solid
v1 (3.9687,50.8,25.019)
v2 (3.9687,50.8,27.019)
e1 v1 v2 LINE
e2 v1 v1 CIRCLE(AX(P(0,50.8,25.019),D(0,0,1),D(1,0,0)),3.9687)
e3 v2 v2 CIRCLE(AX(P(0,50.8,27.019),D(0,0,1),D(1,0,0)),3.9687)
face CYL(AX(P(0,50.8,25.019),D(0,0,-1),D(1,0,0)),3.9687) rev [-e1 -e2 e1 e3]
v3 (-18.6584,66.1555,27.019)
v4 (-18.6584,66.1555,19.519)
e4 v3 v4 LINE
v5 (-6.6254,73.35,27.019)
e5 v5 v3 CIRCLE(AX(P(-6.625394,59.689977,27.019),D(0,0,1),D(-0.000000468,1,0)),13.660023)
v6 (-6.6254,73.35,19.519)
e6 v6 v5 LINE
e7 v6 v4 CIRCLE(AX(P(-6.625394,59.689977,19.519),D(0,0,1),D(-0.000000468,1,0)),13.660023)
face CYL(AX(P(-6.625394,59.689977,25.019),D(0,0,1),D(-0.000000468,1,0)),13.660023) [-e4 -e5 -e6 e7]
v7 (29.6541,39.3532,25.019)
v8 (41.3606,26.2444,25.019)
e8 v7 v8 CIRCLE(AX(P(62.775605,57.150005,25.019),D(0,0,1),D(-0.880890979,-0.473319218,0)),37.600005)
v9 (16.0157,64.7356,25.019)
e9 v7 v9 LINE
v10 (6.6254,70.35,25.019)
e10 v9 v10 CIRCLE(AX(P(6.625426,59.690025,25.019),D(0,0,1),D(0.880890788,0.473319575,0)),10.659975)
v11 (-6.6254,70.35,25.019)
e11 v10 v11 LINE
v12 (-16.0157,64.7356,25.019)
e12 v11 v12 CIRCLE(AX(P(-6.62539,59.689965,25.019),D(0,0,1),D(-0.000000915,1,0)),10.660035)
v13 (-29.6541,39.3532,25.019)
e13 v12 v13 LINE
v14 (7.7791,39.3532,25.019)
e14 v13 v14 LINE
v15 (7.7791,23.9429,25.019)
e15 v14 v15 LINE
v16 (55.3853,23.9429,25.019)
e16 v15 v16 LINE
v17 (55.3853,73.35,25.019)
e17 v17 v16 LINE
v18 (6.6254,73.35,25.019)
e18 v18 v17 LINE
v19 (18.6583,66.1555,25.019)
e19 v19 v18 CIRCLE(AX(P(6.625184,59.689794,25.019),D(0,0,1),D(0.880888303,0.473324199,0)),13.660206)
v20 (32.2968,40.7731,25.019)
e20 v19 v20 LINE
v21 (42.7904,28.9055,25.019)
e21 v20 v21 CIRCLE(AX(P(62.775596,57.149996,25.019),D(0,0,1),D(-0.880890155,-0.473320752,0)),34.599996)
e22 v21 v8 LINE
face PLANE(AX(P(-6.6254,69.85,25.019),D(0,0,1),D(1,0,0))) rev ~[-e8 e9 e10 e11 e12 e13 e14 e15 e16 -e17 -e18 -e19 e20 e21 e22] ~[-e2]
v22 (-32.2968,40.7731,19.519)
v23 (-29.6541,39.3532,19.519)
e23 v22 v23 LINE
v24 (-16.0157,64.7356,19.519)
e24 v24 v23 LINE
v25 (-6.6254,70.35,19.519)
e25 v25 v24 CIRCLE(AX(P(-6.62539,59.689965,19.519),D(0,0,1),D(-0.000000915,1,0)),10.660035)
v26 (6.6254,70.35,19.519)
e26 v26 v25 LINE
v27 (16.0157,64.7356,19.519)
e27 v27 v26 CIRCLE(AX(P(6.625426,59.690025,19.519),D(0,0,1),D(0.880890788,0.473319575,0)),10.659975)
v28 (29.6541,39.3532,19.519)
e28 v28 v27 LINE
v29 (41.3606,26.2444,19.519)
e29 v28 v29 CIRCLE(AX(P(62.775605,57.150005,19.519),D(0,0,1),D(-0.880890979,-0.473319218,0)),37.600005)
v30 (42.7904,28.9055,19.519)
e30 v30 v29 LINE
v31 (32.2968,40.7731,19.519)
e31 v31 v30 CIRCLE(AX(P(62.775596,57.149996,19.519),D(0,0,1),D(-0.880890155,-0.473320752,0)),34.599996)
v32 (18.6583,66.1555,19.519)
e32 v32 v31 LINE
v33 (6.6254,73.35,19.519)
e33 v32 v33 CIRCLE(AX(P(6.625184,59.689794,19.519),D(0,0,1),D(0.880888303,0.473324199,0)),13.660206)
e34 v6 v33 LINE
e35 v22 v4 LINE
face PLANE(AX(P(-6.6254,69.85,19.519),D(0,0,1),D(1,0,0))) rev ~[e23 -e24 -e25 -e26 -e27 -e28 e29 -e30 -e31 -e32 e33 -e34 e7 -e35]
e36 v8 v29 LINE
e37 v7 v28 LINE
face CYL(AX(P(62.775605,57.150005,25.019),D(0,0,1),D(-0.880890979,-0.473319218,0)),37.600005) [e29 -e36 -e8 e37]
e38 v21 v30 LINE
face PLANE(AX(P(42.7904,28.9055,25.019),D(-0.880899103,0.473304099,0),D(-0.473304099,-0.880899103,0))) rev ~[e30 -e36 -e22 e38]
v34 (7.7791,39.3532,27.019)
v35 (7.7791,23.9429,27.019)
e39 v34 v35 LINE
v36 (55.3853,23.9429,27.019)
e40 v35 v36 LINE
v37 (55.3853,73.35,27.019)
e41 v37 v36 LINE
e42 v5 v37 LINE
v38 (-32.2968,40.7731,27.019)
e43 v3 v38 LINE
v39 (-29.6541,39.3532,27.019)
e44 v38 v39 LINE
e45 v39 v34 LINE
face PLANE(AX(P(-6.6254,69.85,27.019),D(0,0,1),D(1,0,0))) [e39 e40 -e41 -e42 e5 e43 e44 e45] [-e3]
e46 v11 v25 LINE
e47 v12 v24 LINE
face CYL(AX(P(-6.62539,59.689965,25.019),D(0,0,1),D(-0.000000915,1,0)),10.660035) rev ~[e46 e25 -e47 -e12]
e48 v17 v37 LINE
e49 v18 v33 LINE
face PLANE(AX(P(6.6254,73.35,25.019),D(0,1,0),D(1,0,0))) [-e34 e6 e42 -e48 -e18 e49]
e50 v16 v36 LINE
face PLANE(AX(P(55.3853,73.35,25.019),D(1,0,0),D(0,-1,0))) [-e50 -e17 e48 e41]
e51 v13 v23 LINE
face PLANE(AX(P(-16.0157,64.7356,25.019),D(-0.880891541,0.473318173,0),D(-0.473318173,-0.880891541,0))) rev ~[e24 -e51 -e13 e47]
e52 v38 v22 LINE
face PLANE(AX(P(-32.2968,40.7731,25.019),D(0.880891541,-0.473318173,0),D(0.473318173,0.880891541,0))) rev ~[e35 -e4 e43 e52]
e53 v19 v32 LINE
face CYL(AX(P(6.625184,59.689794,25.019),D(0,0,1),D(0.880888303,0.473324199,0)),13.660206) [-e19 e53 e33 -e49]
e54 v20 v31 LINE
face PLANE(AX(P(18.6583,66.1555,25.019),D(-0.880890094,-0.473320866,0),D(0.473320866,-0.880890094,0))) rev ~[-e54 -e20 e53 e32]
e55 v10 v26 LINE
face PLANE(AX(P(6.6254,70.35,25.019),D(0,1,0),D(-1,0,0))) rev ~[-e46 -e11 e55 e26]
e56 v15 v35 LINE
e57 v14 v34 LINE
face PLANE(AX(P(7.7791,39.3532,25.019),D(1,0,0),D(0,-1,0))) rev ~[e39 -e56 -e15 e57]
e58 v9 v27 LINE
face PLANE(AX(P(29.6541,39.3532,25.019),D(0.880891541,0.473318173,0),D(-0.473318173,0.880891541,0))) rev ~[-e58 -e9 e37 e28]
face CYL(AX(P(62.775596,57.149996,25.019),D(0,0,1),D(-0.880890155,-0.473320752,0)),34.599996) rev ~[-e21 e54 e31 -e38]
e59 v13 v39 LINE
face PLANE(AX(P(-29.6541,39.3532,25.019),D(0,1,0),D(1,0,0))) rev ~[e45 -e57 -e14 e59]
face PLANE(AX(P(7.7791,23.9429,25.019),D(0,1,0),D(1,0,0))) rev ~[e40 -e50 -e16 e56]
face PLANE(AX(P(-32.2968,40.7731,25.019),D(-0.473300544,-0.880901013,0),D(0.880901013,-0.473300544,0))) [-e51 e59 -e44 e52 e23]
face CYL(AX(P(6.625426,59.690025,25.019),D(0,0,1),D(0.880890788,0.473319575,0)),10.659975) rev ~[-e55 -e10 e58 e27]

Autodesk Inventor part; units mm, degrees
ref_plane "YZ Plane" through (0, 0, 0) normal (1, 0, 0) x (0, 1, 0)
ref_plane "XZ Plane" through (0, 0, 0) normal (0, 1, 0) x (-1, 0, 0)
ref_plane "XY Plane" through (0, 0, 0) normal (0, 0, 1) x (1, 0, 0)
ref_plane "Work Plane1" through (-116.713, 0, 25.019) normal (0, 0, 1) x (1, 0, 0)
sketch "Sketch1" plane through (-116.713, 0, 25.019) normal (0, 0, 1) x (1, 0, 0)
  circle A0 centre (116.713, 50.8) radius 4.826 projected
  circle A1 centre (116.713, 50.8) radius 91
  line L0 (-5.08, 5.08) -> (-5.08, 87.3153)
  arc A2 (233.426, 0) -> (238.506, 5.08) centre (233.426, 5.08) ccw projected
  line L1 (238.506, 5.08) -> (238.506, 73.9139)
  line L2 (53.9374, 19.05) -> (0, 19.05) projected
  line L3 (-5.08, 0) -> (26.67, 0)
  line L4 (26.67, 0) -> (26.67, 19.05)
  line L5 (26.67, 19.05) -> (-5.08, 19.05)
  line L6 (-5.08, 19.05) -> (-5.08, 0)
  line L7 (238.506, 0) -> (206.756, 0)
  line L8 (206.756, 0) -> (206.756, 19.05)
  line L9 (206.756, 19.05) -> (238.506, 19.05)
  line L10 (238.506, 19.05) -> (238.506, 0)
  circle A3 centre (116.713, 50.8) radius 3.9687 projected
  circle A4 centre (116.713, 50.8) radius 75
  circle A5 centre (116.713, 50.8) radius 57.5
  point P0 (116.713, 0)
  point P1 (233.426, 0)
  point P2 (-5.08, 19.05)
  dimension "d1" = 182
  dimension "d2" = 31.75
  dimension "d3" = 31.75
  dimension "d20" = 150
  dimension "d21" = 115
ref_plane "Work Plane6" through (-6.6254, 69.85, 25.019) normal (0, 0, 1) x (1, 0, 0)
ref_plane "Work Plane4" through (-6.6254, 69.85, 25.019) normal (0, 0, 1) x (1, 0, 0)
sketch "Sketch6" plane through (-6.6254, 69.85, 25.019) normal (0, 0, 1) x (1, 0, 0)
  line L0 (-22.5883, -30.7335) -> (-8.9499, -5.3511) projected
  arc A0 (0, 0) -> (-8.9499, -5.3511) centre (0, -10.16) ccw projected
  arc A1 (22.2006, -5.3511) -> (13.2508, 0) centre (13.2508, -10.16) ccw projected
  line L1 (0, 0) -> (13.2508, 0) projected
  line L2 (22.2006, -5.3511) -> (35.8391, -30.7335) projected
  arc A2 (35.8391, -30.7335) -> (69.401, -50.8) centre (69.401, -12.7) ccw projected
  arc A3 (-56.1502, -50.8) -> (-22.5883, -30.7335) centre (-56.1502, -12.7) ccw projected
  arc A4 (36.2795, -30.4968) -> (69.401, -50.3) centre (69.401, -12.7) ccw
  line L3 (36.2795, -30.4968) -> (22.6411, -5.1144)
  arc A5 (22.6411, -5.1144) -> (13.2508, 0.5) centre (13.2508, -10.16) ccw
  line L4 (13.2508, 0.5) -> (0, 0.5)
  arc A6 (0, 0.5) -> (-9.3903, -5.1144) centre (0, -10.16) ccw
  line L5 (-9.3903, -5.1144) -> (-23.0287, -30.4968)
  arc A7 (-56.1502, -50.3) -> (-23.0287, -30.4968) centre (-56.1502, -12.7) ccw
  arc A8 (-56.1502, -47.3) -> (-25.6714, -29.0769) centre (-56.1502, -12.7) ccw
  line L6 (-25.6714, -29.0769) -> (-12.033, -3.6945)
  arc A9 (0, 3.5) -> (-12.033, -3.6945) centre (0, -10.16) ccw
  line L7 (0, 3.5) -> (13.2508, 3.5)
  arc A10 (25.2837, -3.6945) -> (13.2508, 3.5) centre (13.2508, -10.16) ccw
  line L8 (25.2837, -3.6945) -> (38.9222, -29.0769)
  arc A11 (38.9222, -29.0769) -> (69.401, -47.3) centre (69.401, -12.7) ccw
  line L9 (-25.6714, -29.0769) -> (-23.0287, -30.4968)
  line L10 (49.4158, -40.9445) -> (47.986, -43.6056)
  point P0 (6.6254, -69.85)
  dimension "d22" = 0.5
  dimension "d23" = 3
extrude "Extrusion5" add sketch "Sketch6" against normal blind 5.5
ref_plane "Work Plane7" through (-6.6254, 69.85, 25.019) normal (0, 0, 1) x (1, 0, 0)
sketch "Sketch7" plane through (-6.6254, 69.85, 25.019) normal (0, 0, 1) x (1, 0, 0)
  line L0 (-25.6714, -29.0769) -> (-23.0287, -30.4968) projected
  line L1 (-23.0287, -30.4968) -> (14.4045, -30.4968)
  line L2 (14.4045, -30.4968) -> (14.4045, 0.4374)
  arc A0 (22.6411, -5.1144) -> (13.2508, 0.5) centre (13.2508, -10.16) ccw projected
  line L3 (14.4045, -30.4968) -> (14.4045, -45.9071)
  line L4 (14.4045, -45.9071) -> (62.0107, -45.9071)
  line L5 (13.2508, 3.5) -> (0, 3.5) projected
  line L6 (0, 3.5) -> (62.0107, 3.5)
  line L7 (62.0107, 3.5) -> (62.0107, -45.9071)
  circle A1 centre (6.6254, -19.05) radius 3.9687 projected
  line L8 (-23.0287, -30.4968) -> (-25.6714, -29.0769)
  line L9 (-12.033, -3.6945) -> (-25.6714, -29.0769) projected
  arc A2 (0, 3.5) -> (-12.033, -3.6945) centre (0, -10.16) ccw projected
  point P0 (6.6254, -69.85)
extrude "Extrusion6" add sketch "Sketch7" along normal blind 2
properties part number "MISLcase"
